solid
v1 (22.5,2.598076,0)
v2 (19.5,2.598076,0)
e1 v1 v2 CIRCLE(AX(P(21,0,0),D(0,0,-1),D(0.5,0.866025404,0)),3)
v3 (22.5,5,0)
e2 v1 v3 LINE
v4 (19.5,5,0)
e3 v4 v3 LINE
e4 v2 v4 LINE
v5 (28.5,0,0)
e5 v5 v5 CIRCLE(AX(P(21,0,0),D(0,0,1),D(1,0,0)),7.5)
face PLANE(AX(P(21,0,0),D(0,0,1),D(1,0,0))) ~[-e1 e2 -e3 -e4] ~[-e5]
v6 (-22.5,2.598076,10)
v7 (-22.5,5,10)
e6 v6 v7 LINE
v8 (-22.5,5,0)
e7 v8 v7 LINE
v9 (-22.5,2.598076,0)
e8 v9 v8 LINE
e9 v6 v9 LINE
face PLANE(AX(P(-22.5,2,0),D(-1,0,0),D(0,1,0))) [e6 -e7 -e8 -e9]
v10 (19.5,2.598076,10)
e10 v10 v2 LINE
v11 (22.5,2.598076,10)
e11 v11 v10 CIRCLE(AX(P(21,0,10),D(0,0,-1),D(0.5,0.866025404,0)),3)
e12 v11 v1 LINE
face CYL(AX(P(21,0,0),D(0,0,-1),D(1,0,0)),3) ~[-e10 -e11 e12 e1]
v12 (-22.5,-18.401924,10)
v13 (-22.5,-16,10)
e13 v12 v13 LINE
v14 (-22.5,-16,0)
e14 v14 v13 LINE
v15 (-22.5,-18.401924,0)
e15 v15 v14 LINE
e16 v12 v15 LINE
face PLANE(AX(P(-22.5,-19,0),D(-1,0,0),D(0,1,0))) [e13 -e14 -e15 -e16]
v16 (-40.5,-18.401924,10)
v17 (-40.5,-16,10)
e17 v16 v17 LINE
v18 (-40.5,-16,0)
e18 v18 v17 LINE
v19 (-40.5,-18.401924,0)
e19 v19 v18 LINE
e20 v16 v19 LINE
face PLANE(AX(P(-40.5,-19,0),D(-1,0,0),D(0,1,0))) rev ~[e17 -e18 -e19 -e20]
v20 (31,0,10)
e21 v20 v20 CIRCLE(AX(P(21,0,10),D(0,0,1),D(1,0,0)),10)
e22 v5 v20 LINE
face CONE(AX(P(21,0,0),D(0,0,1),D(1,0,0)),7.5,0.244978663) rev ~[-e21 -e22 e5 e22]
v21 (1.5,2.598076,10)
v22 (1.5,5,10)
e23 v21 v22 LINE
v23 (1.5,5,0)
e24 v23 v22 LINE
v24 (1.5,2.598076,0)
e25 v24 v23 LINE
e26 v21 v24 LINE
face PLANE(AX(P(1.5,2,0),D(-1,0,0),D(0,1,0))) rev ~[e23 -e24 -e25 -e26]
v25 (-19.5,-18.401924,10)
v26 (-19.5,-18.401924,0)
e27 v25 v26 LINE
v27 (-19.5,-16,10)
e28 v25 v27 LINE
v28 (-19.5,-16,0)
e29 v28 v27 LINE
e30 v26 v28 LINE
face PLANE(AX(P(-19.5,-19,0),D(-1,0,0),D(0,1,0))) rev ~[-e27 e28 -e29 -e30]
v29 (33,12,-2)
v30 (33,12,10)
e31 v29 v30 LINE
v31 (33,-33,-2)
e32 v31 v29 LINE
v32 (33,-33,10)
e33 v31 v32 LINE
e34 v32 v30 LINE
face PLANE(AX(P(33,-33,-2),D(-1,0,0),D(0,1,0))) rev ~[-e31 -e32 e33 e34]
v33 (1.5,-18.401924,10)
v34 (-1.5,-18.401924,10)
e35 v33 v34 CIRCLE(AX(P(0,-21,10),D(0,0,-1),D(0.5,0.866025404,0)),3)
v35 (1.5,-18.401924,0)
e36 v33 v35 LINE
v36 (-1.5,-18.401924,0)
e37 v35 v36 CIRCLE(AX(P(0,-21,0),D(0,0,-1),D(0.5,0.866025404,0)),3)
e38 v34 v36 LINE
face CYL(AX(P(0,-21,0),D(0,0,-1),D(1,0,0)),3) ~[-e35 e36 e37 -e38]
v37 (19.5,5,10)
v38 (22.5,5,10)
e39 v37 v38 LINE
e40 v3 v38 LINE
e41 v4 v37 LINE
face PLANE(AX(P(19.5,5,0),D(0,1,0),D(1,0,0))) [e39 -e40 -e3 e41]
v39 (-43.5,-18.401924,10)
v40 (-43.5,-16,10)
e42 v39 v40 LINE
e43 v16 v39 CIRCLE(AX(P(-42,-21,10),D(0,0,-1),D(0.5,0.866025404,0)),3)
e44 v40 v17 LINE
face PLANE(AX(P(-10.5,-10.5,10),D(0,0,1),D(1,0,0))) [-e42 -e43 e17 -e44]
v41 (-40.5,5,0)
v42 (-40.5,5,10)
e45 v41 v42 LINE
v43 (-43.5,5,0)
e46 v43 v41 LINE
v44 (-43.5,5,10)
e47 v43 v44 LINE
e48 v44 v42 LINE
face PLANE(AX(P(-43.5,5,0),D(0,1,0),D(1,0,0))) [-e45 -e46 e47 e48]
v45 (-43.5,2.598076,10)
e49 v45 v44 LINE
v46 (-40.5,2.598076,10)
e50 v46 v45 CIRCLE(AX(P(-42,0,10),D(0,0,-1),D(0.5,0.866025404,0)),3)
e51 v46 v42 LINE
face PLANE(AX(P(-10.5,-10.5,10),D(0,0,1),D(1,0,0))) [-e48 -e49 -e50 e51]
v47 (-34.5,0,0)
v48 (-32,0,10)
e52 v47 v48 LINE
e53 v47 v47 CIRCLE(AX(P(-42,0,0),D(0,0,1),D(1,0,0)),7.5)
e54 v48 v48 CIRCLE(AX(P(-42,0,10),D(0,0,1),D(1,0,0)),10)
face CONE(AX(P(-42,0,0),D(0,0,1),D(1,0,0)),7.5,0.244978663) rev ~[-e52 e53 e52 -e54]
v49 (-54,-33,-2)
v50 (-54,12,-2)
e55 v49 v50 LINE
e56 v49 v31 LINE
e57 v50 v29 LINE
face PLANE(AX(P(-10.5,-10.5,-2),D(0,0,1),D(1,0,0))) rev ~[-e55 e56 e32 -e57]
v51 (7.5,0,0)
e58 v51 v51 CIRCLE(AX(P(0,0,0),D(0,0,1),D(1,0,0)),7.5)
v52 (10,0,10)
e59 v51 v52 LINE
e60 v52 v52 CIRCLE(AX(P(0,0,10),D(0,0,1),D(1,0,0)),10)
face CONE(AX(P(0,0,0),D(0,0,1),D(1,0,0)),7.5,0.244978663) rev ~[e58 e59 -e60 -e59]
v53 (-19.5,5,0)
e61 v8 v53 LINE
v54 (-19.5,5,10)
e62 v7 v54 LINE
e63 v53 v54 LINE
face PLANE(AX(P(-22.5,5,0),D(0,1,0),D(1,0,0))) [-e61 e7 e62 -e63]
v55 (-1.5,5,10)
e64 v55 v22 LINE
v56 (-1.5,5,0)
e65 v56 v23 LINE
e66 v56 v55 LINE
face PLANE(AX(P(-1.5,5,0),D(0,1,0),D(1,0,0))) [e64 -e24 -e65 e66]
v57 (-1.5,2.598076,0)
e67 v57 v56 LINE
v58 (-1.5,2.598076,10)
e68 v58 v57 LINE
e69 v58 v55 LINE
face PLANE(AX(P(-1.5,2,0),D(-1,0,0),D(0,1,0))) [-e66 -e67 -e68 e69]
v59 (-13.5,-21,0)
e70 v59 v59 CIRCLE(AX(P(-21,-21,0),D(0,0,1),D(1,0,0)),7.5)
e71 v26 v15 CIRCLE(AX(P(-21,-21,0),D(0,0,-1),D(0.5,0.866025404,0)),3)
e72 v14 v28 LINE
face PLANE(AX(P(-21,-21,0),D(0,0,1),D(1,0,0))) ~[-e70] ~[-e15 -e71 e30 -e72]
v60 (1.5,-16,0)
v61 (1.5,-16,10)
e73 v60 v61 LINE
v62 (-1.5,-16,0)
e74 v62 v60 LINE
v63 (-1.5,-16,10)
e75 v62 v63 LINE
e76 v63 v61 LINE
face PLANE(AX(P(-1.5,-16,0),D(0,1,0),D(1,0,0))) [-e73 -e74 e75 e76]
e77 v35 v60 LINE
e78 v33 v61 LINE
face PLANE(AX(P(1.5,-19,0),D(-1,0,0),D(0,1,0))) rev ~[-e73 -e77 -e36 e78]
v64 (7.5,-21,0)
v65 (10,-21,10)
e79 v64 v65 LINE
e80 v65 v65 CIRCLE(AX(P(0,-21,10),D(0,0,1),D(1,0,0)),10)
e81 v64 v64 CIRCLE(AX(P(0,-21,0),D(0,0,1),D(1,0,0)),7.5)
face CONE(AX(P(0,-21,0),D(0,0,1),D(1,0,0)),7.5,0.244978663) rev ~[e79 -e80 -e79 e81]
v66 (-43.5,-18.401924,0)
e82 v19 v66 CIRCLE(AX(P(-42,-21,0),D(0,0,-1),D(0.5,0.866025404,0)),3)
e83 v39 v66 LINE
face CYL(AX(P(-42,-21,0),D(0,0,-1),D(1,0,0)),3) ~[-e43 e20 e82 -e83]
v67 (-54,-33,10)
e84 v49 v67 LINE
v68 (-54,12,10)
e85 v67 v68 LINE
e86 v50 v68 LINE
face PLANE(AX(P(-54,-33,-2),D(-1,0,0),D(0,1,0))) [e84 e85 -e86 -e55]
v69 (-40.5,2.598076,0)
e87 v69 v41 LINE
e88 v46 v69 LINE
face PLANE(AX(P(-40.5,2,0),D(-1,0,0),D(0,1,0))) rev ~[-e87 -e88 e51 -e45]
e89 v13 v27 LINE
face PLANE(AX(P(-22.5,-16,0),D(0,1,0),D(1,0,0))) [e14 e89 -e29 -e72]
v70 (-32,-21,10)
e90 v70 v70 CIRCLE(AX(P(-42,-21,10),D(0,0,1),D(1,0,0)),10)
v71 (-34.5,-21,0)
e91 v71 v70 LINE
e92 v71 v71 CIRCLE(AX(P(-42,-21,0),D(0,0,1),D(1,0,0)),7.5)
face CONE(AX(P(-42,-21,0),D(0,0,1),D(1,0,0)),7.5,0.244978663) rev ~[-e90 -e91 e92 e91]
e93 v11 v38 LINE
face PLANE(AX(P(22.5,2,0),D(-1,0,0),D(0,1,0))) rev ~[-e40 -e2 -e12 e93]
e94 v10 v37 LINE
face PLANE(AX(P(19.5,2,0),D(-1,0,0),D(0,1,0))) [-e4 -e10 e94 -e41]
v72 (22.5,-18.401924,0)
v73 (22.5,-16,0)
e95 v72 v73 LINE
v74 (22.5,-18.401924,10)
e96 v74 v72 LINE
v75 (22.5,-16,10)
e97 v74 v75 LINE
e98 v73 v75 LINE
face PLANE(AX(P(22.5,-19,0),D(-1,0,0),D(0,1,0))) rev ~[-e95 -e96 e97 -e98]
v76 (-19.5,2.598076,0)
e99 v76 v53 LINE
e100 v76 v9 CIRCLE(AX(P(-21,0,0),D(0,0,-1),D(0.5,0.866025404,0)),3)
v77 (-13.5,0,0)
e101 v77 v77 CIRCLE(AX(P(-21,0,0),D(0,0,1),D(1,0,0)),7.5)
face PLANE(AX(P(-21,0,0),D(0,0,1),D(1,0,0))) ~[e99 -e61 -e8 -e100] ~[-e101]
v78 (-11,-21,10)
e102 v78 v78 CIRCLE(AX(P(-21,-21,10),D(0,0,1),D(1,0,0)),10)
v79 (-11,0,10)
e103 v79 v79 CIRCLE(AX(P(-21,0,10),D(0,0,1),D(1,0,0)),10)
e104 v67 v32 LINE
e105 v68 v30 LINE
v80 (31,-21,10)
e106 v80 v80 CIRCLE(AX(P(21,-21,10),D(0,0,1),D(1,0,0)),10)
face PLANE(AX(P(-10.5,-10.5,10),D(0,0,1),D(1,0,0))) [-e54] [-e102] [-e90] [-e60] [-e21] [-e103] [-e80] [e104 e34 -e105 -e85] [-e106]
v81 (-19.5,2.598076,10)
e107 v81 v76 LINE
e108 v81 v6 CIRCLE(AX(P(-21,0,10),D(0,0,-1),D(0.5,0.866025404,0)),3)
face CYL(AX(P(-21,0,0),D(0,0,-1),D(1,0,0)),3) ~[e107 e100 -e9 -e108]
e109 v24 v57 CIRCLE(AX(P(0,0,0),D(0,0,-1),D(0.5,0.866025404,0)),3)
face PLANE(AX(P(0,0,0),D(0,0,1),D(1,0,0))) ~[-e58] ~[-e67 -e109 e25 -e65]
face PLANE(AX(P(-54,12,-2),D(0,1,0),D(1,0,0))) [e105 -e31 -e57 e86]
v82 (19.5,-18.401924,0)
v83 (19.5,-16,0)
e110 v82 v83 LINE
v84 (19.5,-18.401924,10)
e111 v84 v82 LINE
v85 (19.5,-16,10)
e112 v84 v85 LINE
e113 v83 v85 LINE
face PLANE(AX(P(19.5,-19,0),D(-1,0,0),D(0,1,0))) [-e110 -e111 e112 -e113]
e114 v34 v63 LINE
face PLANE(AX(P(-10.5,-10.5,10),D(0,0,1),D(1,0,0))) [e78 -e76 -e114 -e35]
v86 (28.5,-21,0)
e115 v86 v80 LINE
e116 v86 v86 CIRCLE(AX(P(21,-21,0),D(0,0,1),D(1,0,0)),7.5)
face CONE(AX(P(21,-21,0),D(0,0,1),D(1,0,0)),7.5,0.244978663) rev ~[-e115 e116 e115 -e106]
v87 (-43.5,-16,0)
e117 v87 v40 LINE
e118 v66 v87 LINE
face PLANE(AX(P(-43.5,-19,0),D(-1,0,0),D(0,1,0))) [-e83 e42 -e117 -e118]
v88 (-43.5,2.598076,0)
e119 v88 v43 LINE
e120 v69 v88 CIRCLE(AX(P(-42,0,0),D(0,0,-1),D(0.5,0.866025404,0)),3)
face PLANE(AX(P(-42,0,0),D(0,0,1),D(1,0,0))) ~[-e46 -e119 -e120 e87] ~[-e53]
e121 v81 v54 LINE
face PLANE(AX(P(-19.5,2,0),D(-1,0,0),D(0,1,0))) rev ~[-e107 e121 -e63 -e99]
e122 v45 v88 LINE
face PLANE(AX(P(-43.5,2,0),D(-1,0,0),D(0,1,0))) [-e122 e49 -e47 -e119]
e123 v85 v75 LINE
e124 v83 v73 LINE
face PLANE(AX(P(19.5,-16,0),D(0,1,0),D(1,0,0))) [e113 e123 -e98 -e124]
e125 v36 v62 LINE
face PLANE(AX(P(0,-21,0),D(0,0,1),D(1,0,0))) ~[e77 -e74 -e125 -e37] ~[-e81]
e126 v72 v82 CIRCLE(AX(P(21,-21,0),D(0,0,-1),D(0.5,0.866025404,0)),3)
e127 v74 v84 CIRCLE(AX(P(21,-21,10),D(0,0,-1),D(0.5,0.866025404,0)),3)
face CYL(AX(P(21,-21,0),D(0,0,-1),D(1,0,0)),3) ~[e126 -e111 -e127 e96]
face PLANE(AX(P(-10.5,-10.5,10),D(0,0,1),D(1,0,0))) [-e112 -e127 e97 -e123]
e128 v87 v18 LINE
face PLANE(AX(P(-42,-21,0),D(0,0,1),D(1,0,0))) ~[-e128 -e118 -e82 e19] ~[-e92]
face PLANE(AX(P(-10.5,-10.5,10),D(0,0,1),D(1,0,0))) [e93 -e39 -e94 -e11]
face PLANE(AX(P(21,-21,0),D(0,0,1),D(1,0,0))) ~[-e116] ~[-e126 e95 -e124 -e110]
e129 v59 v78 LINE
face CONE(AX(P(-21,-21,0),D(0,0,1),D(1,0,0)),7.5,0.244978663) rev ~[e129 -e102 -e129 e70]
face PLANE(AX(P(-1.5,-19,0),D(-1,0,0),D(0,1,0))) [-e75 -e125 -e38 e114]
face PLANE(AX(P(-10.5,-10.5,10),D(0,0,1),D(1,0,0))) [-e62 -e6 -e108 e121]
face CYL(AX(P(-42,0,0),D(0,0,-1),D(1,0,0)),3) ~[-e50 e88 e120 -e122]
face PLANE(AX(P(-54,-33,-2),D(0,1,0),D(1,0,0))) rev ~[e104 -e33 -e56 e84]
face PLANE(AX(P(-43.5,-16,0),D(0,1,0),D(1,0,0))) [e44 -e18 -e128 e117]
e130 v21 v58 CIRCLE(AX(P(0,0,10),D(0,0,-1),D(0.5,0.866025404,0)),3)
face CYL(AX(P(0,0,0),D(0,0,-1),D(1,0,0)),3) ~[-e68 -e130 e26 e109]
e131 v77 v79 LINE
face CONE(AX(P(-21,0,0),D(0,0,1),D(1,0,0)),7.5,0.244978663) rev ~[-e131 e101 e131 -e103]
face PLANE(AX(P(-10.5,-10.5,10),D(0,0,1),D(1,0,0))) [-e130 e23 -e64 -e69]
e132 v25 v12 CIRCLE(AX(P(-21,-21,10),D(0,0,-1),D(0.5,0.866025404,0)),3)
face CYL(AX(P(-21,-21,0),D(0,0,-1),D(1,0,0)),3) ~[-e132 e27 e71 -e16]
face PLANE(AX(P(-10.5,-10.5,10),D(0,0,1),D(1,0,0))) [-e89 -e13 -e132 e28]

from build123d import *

# Parameters (mm, degrees)
BOX019_W          = 3
BOX019_H          = 3
BOX019_DEPTH      = 10
CYLINDER022_R     = 3
CYLINDER022_DEPTH = 10
BOX020_W          = 87
BOX020_H          = 45
BOX020_DEPTH      = 12


with BuildPart() as cube019:
    # Box019 → Box019 (new body)
    with BuildSketch(Plane(origin=(-1.5, 2, 0), x_dir=(1, 0, 0), z_dir=(0, 0, 1))):
        with Locations((1.5, 1.5)):
            Rectangle(BOX019_W, BOX019_H)
    extrude(amount=BOX019_DEPTH)


with BuildPart() as fusion010:
    # Cylinder022 → Cylinder022 (new body)
    with BuildSketch(Plane.XY):
        Circle(CYLINDER022_R)
    extrude(amount=CYLINDER022_DEPTH)

    # Fusion010: union Cube019
    add(cube019.part)


with BuildPart() as kegel:
    # Cone → Cone (revolve)
    with BuildSketch(Plane.XZ):
        Polygon((0, 0), (7.5, 0), (10, 10), (0, 10), align=None)
    revolve(axis=Axis((0, 0, 0), (0, 0, 1)))


with BuildPart() as cut006:
    # Cut006 base: copy of Kegel
    add(kegel.part)

    # Cut006: cut Fusion010
    add(fusion010.part, mode=Mode.SUBTRACT)


with BuildPart() as cut006_1:
    # Cut006 placement: moved
    add(cut006.part.moved(Location((0, -21, 0))))


with BuildPart() as cut007:
    # Cut007 base: copy of Kegel
    add(kegel.part)

    # Cut007: cut Fusion010
    add(fusion010.part, mode=Mode.SUBTRACT)


with BuildPart() as cut007_1:
    # Cut007 placement: moved
    add(cut007.part.moved(Location((-42, -21, 0))))


with BuildPart() as cut008:
    # Cut008 base: copy of Kegel
    add(kegel.part)

    # Cut008: cut Fusion010
    add(fusion010.part, mode=Mode.SUBTRACT)


with BuildPart() as cut008_1:
    # Cut008 placement: moved
    add(cut008.part.moved(Location((21, 0, 0))))


with BuildPart() as cut009:
    # Cut009 base: copy of Kegel
    add(kegel.part)

    # Cut009: cut Fusion010
    add(fusion010.part, mode=Mode.SUBTRACT)


with BuildPart() as cut009_1:
    # Cut009 placement: moved
    add(cut009.part.moved(Location((-42, 0, 0))))


with BuildPart() as cut010:
    # Cut010 base: copy of Kegel
    add(kegel.part)

    # Cut010: cut Fusion010
    add(fusion010.part, mode=Mode.SUBTRACT)


with BuildPart() as cut011:
    # Cut011 base: copy of Kegel
    add(kegel.part)

    # Cut011: cut Fusion010
    add(fusion010.part, mode=Mode.SUBTRACT)


with BuildPart() as cut011_1:
    # Cut011 placement: moved
    add(cut011.part.moved(Location((-21, -21, 0))))


with BuildPart() as cut012:
    # Cut012 base: copy of Kegel
    add(kegel.part)

    # Cut012: cut Fusion010
    add(fusion010.part, mode=Mode.SUBTRACT)


with BuildPart() as cut012_1:
    # Cut012 placement: moved
    add(cut012.part.moved(Location((-21, 0, 0))))


with BuildPart() as fusion011:
    # Cut005 base: copy of Kegel
    add(kegel.part)

    # Cut005: cut Fusion010
    add(fusion010.part, mode=Mode.SUBTRACT)


with BuildPart() as fusion011_1:
    # Cut005 placement: moved
    add(fusion011.part.moved(Location((21, -21, 0))))

    # Fusion011: union Cut006, Cut007, Cut008, Cut009, Cut010, Cut011, Cut012
    add(cut006_1.part)
    add(cut007_1.part)
    add(cut008_1.part)
    add(cut009_1.part)
    add(cut010.part)
    add(cut011_1.part)
    add(cut012_1.part)


with BuildPart() as zapfen:
    # Box020 → Box020 (new body)
    with BuildSketch(Plane(origin=(-54, -33, -2), x_dir=(1, 0, 0), z_dir=(0, 0, 1))):
        with Locations((43.5, 22.5)):
            Rectangle(BOX020_W, BOX020_H)
    extrude(amount=BOX020_DEPTH)

    # Cut013: cut Fusion011
    add(fusion011_1.part, mode=Mode.SUBTRACT)


solid = zapfen.part
